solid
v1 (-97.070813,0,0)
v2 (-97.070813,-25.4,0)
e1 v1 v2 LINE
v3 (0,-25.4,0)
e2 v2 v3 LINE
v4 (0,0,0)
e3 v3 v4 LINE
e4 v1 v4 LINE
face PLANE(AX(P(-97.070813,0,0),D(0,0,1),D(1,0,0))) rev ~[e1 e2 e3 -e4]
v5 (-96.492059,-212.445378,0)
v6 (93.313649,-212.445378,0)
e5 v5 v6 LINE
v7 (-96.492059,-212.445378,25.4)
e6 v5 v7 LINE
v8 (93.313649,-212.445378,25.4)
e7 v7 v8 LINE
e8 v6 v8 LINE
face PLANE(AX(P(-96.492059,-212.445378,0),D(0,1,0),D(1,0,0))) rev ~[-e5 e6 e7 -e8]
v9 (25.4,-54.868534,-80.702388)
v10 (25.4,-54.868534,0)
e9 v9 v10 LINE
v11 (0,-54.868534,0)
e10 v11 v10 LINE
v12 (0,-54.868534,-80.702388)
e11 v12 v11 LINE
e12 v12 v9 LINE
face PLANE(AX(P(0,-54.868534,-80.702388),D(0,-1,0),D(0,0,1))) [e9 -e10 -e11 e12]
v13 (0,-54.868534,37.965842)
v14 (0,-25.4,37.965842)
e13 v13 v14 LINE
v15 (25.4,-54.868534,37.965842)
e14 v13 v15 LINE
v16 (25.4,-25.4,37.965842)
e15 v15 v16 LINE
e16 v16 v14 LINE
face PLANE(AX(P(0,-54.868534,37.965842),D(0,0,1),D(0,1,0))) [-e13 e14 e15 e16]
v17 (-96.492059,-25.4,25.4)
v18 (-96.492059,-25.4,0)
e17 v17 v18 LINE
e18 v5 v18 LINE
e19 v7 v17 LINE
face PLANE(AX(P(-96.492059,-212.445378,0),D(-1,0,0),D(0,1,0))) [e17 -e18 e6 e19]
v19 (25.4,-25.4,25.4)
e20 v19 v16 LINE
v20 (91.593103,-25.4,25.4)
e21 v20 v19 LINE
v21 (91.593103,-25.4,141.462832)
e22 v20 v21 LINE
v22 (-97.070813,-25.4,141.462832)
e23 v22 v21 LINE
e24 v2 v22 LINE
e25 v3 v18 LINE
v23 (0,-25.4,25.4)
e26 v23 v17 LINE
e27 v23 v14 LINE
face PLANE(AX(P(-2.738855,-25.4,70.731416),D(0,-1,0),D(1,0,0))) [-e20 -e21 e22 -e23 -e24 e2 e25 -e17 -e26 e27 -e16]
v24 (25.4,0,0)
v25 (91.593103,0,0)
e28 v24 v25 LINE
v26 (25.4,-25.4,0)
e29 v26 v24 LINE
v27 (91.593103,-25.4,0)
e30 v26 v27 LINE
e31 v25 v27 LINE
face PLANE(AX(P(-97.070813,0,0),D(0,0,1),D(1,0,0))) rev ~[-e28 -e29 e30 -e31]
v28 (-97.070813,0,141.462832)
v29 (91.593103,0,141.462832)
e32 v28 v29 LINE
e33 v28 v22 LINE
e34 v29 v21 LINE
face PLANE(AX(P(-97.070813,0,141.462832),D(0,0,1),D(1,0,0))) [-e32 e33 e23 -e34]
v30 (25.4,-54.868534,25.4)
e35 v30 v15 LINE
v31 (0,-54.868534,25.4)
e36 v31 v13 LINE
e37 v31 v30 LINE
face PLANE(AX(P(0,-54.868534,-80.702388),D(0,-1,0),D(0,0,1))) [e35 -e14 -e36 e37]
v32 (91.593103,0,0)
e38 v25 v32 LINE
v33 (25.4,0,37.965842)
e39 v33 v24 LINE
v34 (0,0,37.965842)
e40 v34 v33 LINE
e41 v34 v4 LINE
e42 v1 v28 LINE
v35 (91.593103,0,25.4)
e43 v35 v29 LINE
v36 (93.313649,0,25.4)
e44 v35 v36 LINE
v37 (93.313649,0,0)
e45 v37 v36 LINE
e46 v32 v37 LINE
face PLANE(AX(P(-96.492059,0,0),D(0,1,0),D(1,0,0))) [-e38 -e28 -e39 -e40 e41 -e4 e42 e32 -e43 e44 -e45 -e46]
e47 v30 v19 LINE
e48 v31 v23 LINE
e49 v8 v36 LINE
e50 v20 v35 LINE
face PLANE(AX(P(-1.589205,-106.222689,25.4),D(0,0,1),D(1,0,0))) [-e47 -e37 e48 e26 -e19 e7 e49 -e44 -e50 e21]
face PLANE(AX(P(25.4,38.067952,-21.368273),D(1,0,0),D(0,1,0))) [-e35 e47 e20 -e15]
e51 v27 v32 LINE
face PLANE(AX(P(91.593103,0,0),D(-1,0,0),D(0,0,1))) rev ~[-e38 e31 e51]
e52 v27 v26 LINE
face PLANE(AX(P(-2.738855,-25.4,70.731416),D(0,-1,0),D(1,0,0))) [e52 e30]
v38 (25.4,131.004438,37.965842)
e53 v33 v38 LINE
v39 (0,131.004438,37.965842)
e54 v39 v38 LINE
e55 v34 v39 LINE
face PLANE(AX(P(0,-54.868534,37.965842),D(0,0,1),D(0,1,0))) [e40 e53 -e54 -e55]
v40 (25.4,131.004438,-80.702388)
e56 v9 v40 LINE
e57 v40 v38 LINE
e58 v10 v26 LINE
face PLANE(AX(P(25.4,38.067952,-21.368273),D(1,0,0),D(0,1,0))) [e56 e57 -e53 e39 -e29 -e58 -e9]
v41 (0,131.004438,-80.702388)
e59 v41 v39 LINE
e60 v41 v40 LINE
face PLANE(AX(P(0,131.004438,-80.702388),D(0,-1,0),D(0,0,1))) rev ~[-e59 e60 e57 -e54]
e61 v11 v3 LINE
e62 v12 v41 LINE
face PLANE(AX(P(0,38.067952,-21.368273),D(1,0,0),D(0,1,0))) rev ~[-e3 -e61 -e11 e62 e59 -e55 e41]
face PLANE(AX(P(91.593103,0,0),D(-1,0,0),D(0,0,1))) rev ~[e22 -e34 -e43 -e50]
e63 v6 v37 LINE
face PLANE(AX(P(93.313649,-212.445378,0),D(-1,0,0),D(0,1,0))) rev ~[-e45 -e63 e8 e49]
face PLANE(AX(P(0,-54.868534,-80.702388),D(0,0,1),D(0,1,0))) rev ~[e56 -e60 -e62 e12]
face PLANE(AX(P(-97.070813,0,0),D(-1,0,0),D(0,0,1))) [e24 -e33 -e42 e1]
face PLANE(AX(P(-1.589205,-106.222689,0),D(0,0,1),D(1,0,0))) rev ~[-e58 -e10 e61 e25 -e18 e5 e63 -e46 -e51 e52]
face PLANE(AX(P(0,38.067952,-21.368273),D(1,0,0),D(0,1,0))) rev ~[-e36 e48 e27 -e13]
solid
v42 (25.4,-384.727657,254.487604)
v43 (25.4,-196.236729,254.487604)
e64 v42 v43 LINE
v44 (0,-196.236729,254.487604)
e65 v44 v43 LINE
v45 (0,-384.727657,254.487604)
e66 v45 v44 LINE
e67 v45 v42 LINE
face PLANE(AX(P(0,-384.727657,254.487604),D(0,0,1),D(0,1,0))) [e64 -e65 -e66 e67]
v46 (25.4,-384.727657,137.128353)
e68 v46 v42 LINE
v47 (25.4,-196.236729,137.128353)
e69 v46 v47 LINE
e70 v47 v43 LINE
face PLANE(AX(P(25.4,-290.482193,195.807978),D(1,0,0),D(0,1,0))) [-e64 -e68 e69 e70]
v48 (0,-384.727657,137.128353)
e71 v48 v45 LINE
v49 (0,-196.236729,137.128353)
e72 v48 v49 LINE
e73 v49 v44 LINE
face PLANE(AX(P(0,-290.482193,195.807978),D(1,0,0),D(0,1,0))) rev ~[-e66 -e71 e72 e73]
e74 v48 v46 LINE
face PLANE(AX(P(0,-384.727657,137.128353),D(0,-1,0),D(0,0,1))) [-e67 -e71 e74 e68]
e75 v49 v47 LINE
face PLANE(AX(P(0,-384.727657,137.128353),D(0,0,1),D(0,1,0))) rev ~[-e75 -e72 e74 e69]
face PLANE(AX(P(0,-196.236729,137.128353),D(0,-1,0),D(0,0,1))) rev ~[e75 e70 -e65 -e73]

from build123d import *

# Parameters (mm, degrees)
F1_W     = 188.663915
F1_H     = 141.462833
F2_DEPTH = 25.4
F0_W     = 189.805709
F0_H     = 212.445378
F3_DEPTH = 25.4
F4_W     = 188.490927
F4_H     = 117.359251
F5_DEPTH = 25.4
F6_W     = 185.872972
F6_H     = 118.668229
F7_DEPTH = 25.4


with BuildPart() as f2:
    # F1 (on Front) → F2 (new body)
    with BuildSketch(Plane.XZ):
        with Locations((-2.738855, 70.731416)):
            Rectangle(F1_W, F1_H)
    extrude(amount=F2_DEPTH)

    # F0 (on Top) → F3 (join)
    with BuildSketch(Plane.XY):
        with Locations((-1.589205, -106.222689)):
            Rectangle(F0_W, F0_H)
    extrude(amount=F3_DEPTH)

    # F6 (on Right) → F7 (join)
    with BuildSketch(Plane.YZ):
        with Locations((38.067952, -21.368273)):
            Rectangle(F6_W, F6_H)
    extrude(amount=F7_DEPTH)


with BuildPart() as f5:
    # F4 (on Right) → F5 (new body)
    with BuildSketch(Plane.YZ):
        with Locations((-290.482193, 195.807978)):
            Rectangle(F4_W, F4_H)
    extrude(amount=F5_DEPTH)


solid = Compound([f2.part, f5.part])
